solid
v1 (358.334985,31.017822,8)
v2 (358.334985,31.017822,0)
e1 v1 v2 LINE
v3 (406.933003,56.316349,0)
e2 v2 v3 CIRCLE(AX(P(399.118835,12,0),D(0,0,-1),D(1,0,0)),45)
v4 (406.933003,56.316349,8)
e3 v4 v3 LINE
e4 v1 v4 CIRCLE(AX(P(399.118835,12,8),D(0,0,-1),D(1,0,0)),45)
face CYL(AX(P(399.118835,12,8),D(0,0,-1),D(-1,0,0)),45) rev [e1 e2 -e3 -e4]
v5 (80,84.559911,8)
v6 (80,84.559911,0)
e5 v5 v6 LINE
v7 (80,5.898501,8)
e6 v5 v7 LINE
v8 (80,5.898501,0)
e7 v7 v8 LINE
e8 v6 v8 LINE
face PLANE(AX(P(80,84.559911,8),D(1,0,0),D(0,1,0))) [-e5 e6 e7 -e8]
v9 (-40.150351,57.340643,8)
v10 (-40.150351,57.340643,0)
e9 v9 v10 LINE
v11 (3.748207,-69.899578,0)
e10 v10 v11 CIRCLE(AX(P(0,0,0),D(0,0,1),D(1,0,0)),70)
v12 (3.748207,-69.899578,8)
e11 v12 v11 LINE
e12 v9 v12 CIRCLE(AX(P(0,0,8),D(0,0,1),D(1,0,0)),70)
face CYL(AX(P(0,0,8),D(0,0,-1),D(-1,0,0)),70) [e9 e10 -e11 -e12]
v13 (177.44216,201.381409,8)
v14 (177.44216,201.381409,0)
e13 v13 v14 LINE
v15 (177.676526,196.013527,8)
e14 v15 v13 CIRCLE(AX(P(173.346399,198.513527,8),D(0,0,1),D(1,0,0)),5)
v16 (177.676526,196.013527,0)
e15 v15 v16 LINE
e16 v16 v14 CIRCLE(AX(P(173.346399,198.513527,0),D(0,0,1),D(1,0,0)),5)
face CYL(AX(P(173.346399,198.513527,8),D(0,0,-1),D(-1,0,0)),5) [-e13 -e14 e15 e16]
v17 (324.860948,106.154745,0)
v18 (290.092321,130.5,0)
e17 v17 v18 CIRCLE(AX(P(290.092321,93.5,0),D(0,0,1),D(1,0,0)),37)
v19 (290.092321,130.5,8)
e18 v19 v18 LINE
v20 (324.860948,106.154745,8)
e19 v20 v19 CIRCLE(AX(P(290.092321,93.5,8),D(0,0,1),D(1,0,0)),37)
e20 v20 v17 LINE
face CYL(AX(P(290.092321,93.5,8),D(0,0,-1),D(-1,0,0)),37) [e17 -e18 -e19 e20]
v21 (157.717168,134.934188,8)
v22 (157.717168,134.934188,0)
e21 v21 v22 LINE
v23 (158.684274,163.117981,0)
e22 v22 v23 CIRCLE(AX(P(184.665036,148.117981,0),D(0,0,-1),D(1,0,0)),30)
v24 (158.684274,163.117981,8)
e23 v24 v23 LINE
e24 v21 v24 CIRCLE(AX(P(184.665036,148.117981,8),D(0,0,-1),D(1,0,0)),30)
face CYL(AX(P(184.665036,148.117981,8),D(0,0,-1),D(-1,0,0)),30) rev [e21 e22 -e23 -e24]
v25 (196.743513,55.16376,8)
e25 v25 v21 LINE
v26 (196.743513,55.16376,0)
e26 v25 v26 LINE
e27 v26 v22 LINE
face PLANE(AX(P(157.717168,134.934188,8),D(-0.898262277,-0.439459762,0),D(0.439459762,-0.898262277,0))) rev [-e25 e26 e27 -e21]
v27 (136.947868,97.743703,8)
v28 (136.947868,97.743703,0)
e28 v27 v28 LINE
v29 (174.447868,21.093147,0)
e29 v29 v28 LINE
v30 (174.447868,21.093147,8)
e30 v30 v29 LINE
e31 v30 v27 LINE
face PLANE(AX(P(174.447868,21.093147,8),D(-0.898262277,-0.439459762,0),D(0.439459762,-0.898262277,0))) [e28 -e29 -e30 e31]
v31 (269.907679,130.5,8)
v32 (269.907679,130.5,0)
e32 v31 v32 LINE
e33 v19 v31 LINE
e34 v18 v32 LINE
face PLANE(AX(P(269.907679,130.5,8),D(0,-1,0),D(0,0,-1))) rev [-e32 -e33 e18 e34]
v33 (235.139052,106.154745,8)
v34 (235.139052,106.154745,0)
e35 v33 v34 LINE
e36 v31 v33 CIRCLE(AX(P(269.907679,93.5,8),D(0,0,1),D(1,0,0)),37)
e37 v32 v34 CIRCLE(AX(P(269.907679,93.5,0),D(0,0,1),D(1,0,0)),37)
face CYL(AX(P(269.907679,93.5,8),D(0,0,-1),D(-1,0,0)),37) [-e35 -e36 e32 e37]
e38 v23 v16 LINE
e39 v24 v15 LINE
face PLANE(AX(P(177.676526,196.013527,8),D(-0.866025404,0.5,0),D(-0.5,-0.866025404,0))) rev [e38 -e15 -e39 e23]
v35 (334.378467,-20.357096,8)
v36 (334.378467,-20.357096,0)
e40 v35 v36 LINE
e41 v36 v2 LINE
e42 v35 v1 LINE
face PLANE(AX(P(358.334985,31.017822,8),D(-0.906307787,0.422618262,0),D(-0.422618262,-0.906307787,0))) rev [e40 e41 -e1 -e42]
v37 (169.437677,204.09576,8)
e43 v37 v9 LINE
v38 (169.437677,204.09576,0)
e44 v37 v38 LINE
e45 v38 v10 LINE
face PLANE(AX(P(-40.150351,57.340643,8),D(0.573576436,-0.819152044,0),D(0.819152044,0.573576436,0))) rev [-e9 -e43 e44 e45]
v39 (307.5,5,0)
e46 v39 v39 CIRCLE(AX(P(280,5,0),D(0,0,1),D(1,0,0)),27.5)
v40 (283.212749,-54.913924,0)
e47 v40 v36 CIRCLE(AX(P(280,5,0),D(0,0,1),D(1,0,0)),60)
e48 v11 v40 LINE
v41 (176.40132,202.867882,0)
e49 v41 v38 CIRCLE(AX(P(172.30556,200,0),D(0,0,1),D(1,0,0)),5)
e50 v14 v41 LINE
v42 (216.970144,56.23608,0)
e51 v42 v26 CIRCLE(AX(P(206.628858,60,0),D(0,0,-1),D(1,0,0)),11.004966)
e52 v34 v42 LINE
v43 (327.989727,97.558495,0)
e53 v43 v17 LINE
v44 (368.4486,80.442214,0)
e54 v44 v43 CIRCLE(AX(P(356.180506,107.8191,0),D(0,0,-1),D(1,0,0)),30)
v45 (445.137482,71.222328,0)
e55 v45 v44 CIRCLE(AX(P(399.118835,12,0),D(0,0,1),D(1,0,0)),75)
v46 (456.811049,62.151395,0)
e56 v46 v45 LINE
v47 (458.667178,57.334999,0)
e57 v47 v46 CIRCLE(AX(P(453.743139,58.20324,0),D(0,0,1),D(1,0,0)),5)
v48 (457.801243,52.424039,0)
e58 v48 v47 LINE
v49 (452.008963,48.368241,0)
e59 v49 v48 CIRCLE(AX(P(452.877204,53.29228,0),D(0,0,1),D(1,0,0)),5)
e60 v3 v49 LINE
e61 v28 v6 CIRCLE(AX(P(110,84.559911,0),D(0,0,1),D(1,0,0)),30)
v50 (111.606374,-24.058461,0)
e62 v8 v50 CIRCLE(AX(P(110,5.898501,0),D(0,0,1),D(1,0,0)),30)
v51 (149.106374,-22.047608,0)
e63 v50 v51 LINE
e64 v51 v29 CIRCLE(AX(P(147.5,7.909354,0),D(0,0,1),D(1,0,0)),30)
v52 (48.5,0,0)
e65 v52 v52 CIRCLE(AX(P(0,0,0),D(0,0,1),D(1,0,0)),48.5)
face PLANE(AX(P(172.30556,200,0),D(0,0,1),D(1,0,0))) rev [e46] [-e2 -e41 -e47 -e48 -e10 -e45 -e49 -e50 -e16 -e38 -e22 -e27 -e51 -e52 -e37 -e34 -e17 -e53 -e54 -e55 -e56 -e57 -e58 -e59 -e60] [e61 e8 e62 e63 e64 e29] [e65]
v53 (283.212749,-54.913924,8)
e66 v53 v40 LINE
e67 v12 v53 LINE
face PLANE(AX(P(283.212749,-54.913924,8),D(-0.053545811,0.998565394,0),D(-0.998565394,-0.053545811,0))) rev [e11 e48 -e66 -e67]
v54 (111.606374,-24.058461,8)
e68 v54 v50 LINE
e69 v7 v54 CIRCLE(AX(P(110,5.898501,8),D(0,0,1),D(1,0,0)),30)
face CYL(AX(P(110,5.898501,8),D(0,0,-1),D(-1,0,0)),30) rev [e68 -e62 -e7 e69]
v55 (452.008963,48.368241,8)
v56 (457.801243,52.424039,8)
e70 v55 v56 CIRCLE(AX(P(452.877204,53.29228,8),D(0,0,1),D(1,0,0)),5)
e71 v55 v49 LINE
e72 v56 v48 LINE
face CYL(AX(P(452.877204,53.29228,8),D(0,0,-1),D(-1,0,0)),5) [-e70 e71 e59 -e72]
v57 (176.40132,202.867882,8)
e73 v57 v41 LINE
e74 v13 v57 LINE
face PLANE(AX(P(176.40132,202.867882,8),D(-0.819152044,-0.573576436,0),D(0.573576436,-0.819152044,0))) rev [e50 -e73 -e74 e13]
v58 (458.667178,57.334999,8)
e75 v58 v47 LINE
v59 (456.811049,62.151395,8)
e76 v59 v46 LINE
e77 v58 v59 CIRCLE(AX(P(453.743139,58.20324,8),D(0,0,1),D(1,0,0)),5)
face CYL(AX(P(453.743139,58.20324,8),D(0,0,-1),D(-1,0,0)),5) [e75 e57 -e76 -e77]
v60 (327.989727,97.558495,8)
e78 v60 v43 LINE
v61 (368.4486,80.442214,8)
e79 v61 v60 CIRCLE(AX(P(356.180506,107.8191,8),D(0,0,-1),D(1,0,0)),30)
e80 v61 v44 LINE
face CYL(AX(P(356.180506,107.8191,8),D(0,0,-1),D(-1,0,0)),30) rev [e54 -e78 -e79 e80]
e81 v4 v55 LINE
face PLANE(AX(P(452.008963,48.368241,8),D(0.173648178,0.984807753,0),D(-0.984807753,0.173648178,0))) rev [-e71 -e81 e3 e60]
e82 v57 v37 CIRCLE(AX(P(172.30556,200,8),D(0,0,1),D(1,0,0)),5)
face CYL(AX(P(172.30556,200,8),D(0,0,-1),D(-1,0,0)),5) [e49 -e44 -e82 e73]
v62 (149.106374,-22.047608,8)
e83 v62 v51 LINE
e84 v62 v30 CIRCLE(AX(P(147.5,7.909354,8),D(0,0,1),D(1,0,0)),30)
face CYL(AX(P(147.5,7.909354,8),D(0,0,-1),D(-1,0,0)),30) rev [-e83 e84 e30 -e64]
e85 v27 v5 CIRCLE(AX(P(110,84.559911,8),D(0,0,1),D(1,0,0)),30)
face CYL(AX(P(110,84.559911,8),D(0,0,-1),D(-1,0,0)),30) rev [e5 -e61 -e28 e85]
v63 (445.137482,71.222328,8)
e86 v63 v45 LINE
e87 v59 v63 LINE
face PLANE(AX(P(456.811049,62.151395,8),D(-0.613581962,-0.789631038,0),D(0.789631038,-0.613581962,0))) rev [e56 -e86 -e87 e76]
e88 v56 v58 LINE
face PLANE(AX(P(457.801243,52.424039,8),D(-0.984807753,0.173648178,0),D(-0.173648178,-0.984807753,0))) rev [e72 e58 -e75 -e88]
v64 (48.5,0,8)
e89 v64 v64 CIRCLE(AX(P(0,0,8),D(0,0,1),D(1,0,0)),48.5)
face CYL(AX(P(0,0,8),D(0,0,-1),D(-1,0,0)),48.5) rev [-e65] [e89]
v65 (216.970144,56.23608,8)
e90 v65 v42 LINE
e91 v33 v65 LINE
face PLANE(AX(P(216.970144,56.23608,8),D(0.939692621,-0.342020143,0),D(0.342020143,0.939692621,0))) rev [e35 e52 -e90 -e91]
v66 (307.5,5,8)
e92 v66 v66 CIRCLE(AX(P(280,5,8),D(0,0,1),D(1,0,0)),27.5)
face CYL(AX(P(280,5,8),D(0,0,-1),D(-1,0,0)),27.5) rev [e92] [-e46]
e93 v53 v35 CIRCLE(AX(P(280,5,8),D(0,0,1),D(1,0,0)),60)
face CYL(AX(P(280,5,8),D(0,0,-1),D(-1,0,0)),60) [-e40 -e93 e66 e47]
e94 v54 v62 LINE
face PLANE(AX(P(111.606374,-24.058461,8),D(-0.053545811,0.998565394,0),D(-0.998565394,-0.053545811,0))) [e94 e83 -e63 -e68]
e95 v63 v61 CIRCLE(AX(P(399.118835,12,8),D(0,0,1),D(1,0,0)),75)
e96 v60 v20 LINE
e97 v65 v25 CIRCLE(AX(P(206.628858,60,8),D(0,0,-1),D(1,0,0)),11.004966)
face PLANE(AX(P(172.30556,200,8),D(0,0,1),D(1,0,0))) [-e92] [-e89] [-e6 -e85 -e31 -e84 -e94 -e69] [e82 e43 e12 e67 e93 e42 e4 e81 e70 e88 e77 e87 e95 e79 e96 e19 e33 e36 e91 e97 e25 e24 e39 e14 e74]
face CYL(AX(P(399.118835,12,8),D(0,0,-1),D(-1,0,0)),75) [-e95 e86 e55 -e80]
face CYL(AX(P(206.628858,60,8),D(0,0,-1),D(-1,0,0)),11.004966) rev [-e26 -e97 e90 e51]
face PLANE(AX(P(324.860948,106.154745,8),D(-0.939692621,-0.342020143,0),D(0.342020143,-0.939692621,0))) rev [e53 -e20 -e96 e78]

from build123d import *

# Parameters (mm, degrees)
SKETCH1_R          = 48.5
SKETCH1_R_2        = 27.5
BASE_EXTRUDE_DEPTH = 8


with BuildPart() as part:
    # Sketch1 → Base-Extrude (new body)
    with BuildSketch(Plane.XY):
        with BuildLine():
            Line((456.811048982, 62.151395165), (445.137482247, 71.222327839))
            ThreePointArc((445.137482247, 71.222327839), (408.071209791, 86.463783058), (368.448599855, 80.442214094))
            ThreePointArc((368.448599855, 80.442214094), (344.491847052, 80.189853314), (327.989727135, 97.558495432))
            Line((327.989727135, 97.558495432), (324.860948055, 106.154745303))
            ThreePointArc((324.860948055, 106.154745303), (311.314649231, 123.808625639), (290.092321086, 130.5))
            Line((290.092321086, 130.5), (269.907678914, 130.5))
            ThreePointArc((269.907678914, 130.5), (248.685350769, 123.808625639), (235.139051945, 106.154745303))
            Line((235.139051945, 106.154745303), (216.970143635, 56.236079987))
            ThreePointArc((216.970143635, 56.236079987), (207.211471113, 49.010466943), (196.743512668, 55.163760308))
            Line((196.743512668, 55.163760308), (157.717167982, 134.93418817))
            ThreePointArc((157.717167982, 134.93418817), (154.682682734, 149.146803503), (158.684274169, 163.117981024))
            Line((158.684274169, 163.117981024), (177.676526384, 196.013526811))
            ThreePointArc((177.676526384, 196.013526811), (178.341640473, 198.731623748), (177.442159587, 201.381408993))
            Line((177.442159587, 201.381408993), (176.401319854, 202.867882182))
            ThreePointArc((176.401319854, 202.867882182), (173.173800521, 204.924038765), (169.437677451, 204.095760221))
            Line((169.437677451, 204.095760221), (-40.150350545, 57.3406431))
            ThreePointArc((-40.150350545, 57.3406431), (-66.172482636, -22.829860749), (3.748206743, -69.899577583))
            Line((3.748206743, -69.899577583), (283.212748636, -54.913923642))
            ThreePointArc((283.212748636, -54.913923642), (313.581700751, -44.721920465), (334.378467222, -20.357095704))
            Line((334.378467222, -20.357095704), (358.334984681, 31.017821778))
            ThreePointArc((358.334984681, 31.017821778), (378.340147503, 51.915487493), (406.933003093, 56.316348886))
            Line((406.933003093, 56.316348886), (452.008963478, 48.368240888))
            ThreePointArc((452.008963478, 48.368240888), (455.745086548, 49.196519432), (457.801243132, 52.424038765))
            Line((457.801243132, 52.424038765), (458.667177938, 57.334999088))
            ThreePointArc((458.667177938, 57.334999088), (458.408675401, 60.001230994), (456.811048982, 62.151395165))
        make_face()
        Circle(SKETCH1_R, mode=Mode.SUBTRACT)
        with Locations((280, 5)):
            Circle(SKETCH1_R_2, mode=Mode.SUBTRACT)
        with BuildLine():
            Line((111.606374318, -24.058460629), (149.106374318, -22.04760795))
            ThreePointArc((149.106374318, -22.04760795), (173.367303133, -7.285468557), (174.447868301, 21.093146726))
            Line((174.447868301, 21.093146726), (136.947868301, 97.743703391))
            ThreePointArc((136.947868301, 97.743703391), (103.233762088, 113.786919013), (80, 84.559910536))
            Line((80, 84.559910536), (80, 5.898501192))
            ThreePointArc((80, 5.898501192), (89.362548965, -15.875235621), (111.606374318, -24.058460629))
        make_face(mode=Mode.SUBTRACT)
    extrude(amount=BASE_EXTRUDE_DEPTH)


solid = part.part
